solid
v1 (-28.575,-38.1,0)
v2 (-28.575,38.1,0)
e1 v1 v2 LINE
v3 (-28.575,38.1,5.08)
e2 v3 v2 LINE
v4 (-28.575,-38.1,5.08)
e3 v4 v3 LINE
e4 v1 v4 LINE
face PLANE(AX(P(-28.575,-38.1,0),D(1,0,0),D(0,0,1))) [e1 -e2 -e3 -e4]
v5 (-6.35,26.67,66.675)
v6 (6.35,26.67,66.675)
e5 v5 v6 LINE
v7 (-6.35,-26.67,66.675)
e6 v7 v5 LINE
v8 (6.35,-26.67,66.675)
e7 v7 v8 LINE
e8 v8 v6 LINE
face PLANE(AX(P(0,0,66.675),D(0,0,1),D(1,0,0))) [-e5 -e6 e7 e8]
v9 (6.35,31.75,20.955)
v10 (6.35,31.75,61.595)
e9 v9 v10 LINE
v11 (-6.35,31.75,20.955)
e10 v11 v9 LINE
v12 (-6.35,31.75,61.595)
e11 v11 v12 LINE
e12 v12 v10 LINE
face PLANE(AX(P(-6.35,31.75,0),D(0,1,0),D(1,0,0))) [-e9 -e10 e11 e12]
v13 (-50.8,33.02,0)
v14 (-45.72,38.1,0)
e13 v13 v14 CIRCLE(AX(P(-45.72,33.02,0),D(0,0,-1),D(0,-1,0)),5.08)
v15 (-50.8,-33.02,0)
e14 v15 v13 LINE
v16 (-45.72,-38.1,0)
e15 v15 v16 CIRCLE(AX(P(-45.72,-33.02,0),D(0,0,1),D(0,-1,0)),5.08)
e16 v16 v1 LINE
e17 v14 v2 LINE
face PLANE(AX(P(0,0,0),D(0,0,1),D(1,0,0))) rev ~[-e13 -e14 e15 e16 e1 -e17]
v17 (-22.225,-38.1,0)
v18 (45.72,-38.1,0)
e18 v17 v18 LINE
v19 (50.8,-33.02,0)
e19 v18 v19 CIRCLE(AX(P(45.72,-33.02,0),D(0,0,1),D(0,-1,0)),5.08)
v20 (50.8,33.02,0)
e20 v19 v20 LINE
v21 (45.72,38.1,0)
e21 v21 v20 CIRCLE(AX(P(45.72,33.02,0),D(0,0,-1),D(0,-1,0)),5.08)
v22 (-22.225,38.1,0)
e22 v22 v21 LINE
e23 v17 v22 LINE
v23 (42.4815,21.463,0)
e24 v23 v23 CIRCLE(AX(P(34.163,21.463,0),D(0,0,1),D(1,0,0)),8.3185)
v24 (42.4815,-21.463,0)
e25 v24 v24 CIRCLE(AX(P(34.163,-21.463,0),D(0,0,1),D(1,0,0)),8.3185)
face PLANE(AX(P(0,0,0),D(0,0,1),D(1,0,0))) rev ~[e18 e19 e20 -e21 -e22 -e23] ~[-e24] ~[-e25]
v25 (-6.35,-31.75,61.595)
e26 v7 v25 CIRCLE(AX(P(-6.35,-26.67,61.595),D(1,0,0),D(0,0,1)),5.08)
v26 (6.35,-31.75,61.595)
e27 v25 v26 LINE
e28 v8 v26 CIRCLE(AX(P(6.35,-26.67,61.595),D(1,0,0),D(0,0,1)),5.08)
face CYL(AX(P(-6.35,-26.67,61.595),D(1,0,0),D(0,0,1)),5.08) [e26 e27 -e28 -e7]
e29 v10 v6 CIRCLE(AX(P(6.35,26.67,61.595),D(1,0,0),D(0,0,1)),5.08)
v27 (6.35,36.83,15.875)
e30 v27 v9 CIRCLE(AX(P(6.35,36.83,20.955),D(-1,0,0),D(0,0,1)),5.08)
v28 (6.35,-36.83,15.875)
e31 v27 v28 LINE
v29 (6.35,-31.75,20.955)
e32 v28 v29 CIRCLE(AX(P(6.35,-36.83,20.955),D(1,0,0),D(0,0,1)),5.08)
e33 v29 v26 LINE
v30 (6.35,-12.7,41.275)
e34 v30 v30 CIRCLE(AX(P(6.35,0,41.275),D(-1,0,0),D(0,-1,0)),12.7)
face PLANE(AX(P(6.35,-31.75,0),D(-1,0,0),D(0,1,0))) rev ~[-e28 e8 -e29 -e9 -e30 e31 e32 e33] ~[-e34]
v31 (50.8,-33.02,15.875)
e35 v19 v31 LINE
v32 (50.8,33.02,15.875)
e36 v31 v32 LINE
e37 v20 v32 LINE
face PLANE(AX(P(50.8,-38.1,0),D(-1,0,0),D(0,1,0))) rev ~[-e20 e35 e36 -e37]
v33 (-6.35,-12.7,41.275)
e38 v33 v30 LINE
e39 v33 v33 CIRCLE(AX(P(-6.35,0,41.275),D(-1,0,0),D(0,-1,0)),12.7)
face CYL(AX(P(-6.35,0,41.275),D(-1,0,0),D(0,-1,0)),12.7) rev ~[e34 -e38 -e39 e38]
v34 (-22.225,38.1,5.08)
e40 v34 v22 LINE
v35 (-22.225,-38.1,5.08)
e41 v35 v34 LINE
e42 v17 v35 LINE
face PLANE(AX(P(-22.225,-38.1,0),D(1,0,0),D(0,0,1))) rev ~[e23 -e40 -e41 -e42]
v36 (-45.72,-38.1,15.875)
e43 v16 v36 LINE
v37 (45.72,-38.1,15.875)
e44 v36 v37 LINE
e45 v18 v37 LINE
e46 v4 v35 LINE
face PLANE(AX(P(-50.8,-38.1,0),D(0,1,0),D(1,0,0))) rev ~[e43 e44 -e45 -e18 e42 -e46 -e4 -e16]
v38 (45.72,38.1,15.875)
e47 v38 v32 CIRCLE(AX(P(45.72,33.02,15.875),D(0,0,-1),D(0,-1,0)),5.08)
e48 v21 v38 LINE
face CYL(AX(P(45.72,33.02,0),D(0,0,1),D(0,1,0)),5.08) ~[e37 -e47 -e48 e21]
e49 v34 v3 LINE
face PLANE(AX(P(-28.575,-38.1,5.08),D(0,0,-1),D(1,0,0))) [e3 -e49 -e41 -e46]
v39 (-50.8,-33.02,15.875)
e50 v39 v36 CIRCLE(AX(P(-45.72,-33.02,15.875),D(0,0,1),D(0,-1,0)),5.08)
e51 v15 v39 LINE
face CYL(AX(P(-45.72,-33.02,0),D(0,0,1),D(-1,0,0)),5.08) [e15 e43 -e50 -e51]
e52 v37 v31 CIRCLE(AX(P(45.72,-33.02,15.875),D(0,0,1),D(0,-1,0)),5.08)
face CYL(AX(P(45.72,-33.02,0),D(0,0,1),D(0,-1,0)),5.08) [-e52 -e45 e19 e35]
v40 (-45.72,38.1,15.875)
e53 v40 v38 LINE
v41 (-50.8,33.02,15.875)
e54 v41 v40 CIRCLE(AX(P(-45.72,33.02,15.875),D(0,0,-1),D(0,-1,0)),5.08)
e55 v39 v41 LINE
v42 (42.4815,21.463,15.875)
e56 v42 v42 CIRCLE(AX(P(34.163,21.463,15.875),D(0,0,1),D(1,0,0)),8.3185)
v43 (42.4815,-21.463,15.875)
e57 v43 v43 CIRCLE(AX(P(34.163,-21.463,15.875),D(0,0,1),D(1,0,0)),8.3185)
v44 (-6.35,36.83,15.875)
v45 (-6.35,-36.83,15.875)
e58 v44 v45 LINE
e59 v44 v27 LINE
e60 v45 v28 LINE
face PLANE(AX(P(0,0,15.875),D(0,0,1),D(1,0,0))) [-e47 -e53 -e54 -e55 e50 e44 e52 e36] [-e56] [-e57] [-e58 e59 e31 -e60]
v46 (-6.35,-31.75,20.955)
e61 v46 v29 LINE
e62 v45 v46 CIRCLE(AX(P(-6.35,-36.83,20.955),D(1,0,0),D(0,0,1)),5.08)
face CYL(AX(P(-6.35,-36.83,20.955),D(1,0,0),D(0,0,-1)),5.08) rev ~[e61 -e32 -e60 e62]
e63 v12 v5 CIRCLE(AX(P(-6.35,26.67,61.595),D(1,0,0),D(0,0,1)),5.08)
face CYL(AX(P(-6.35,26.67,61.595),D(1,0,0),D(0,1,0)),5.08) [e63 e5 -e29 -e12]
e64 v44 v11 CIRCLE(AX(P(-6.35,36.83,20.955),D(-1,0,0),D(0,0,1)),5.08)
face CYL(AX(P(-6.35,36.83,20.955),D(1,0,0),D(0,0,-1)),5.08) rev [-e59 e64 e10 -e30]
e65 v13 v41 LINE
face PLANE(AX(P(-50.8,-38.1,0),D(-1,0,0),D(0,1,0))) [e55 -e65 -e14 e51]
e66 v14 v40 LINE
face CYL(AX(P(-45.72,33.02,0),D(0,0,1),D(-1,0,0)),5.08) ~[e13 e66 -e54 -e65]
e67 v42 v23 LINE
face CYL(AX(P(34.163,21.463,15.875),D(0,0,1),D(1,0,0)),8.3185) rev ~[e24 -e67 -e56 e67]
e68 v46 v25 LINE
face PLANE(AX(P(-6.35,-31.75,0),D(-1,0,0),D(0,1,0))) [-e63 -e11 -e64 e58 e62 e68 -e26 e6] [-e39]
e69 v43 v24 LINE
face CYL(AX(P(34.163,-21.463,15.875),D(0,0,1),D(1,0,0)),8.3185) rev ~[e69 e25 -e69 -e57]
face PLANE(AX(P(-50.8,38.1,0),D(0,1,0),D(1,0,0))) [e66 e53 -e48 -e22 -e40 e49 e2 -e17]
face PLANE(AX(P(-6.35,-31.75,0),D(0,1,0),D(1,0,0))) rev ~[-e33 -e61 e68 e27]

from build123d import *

# Parameters (mm, degrees)
F0_W      = 101.6
F0_H      = 76.2
F0_W_2    = 12.7
F0_H_2    = 63.5
F1_DEPTH  = 15.875
F2_R      = 5.08
F3_R      = 8.3185
F4_DEPTH  = 25.4
F5_DEPTH  = 66.675
F6_R      = 5.08
F7_R      = 12.7
F8_DEPTH  = 25.4
F9_W      = 6.35
F9_H      = 5.08
F10_DEPTH = 101.6


with BuildPart() as f1:
    # F0 (on Top) → F1 (new body)
    with BuildSketch(Plane.XY):
        Rectangle(F0_W, F0_H)
        Rectangle(F0_W_2, F0_H_2, mode=Mode.SUBTRACT)
    extrude(amount=F1_DEPTH)

    # F2
    f2_edges = [f1.edges().sort_by_distance(p)[0] for p in [
        (-50.8, 38.1, 7.9375),
        (-50.8, -38.1, 7.9375),
        (50.8, -38.1, 7.9375),
        (50.8, 38.1, 7.9375),
    ]]
    fillet(f2_edges, radius=F2_R)

    # F3 (on face) → F4 (cut)
    with BuildSketch(Plane.XY.offset(15.875)):
        with Locations((34.163, -21.463)):
            Circle(F3_R)
        with Locations((34.163, 21.463)):
            Circle(F3_R)
    extrude(amount=-F4_DEPTH, mode=Mode.SUBTRACT)

    # F0 (on Top) → F5 (join)
    with BuildSketch(Plane.XY):
        Rectangle(F0_W_2, F0_H_2)
    extrude(amount=F5_DEPTH)

    # F6
    f6_edges = [f1.edges().sort_by_distance(p)[0] for p in [
        (0, -31.75, 66.675),
        (0, 31.75, 66.675),
        (0, 31.75, 15.875),
        (0, -31.75, 15.875),
    ]]
    fillet(f6_edges, radius=F6_R)

    # F7 (on face) → F8 (cut)
    with BuildSketch(Plane(origin=(-6.35, 0, 0), x_dir=(0, -1, 0), z_dir=(-1, 0, 0))):
        with Locations((0, 41.275)):
            Circle(F7_R)
    extrude(amount=-F8_DEPTH, mode=Mode.SUBTRACT)

    # F9 (on face) → F10 (cut)
    with BuildSketch(Plane.XZ.offset(38.1)):
        with Locations((-25.4, 2.54)):
            Rectangle(F9_W, F9_H)
    extrude(amount=-F10_DEPTH, mode=Mode.SUBTRACT)


solid = f1.part
